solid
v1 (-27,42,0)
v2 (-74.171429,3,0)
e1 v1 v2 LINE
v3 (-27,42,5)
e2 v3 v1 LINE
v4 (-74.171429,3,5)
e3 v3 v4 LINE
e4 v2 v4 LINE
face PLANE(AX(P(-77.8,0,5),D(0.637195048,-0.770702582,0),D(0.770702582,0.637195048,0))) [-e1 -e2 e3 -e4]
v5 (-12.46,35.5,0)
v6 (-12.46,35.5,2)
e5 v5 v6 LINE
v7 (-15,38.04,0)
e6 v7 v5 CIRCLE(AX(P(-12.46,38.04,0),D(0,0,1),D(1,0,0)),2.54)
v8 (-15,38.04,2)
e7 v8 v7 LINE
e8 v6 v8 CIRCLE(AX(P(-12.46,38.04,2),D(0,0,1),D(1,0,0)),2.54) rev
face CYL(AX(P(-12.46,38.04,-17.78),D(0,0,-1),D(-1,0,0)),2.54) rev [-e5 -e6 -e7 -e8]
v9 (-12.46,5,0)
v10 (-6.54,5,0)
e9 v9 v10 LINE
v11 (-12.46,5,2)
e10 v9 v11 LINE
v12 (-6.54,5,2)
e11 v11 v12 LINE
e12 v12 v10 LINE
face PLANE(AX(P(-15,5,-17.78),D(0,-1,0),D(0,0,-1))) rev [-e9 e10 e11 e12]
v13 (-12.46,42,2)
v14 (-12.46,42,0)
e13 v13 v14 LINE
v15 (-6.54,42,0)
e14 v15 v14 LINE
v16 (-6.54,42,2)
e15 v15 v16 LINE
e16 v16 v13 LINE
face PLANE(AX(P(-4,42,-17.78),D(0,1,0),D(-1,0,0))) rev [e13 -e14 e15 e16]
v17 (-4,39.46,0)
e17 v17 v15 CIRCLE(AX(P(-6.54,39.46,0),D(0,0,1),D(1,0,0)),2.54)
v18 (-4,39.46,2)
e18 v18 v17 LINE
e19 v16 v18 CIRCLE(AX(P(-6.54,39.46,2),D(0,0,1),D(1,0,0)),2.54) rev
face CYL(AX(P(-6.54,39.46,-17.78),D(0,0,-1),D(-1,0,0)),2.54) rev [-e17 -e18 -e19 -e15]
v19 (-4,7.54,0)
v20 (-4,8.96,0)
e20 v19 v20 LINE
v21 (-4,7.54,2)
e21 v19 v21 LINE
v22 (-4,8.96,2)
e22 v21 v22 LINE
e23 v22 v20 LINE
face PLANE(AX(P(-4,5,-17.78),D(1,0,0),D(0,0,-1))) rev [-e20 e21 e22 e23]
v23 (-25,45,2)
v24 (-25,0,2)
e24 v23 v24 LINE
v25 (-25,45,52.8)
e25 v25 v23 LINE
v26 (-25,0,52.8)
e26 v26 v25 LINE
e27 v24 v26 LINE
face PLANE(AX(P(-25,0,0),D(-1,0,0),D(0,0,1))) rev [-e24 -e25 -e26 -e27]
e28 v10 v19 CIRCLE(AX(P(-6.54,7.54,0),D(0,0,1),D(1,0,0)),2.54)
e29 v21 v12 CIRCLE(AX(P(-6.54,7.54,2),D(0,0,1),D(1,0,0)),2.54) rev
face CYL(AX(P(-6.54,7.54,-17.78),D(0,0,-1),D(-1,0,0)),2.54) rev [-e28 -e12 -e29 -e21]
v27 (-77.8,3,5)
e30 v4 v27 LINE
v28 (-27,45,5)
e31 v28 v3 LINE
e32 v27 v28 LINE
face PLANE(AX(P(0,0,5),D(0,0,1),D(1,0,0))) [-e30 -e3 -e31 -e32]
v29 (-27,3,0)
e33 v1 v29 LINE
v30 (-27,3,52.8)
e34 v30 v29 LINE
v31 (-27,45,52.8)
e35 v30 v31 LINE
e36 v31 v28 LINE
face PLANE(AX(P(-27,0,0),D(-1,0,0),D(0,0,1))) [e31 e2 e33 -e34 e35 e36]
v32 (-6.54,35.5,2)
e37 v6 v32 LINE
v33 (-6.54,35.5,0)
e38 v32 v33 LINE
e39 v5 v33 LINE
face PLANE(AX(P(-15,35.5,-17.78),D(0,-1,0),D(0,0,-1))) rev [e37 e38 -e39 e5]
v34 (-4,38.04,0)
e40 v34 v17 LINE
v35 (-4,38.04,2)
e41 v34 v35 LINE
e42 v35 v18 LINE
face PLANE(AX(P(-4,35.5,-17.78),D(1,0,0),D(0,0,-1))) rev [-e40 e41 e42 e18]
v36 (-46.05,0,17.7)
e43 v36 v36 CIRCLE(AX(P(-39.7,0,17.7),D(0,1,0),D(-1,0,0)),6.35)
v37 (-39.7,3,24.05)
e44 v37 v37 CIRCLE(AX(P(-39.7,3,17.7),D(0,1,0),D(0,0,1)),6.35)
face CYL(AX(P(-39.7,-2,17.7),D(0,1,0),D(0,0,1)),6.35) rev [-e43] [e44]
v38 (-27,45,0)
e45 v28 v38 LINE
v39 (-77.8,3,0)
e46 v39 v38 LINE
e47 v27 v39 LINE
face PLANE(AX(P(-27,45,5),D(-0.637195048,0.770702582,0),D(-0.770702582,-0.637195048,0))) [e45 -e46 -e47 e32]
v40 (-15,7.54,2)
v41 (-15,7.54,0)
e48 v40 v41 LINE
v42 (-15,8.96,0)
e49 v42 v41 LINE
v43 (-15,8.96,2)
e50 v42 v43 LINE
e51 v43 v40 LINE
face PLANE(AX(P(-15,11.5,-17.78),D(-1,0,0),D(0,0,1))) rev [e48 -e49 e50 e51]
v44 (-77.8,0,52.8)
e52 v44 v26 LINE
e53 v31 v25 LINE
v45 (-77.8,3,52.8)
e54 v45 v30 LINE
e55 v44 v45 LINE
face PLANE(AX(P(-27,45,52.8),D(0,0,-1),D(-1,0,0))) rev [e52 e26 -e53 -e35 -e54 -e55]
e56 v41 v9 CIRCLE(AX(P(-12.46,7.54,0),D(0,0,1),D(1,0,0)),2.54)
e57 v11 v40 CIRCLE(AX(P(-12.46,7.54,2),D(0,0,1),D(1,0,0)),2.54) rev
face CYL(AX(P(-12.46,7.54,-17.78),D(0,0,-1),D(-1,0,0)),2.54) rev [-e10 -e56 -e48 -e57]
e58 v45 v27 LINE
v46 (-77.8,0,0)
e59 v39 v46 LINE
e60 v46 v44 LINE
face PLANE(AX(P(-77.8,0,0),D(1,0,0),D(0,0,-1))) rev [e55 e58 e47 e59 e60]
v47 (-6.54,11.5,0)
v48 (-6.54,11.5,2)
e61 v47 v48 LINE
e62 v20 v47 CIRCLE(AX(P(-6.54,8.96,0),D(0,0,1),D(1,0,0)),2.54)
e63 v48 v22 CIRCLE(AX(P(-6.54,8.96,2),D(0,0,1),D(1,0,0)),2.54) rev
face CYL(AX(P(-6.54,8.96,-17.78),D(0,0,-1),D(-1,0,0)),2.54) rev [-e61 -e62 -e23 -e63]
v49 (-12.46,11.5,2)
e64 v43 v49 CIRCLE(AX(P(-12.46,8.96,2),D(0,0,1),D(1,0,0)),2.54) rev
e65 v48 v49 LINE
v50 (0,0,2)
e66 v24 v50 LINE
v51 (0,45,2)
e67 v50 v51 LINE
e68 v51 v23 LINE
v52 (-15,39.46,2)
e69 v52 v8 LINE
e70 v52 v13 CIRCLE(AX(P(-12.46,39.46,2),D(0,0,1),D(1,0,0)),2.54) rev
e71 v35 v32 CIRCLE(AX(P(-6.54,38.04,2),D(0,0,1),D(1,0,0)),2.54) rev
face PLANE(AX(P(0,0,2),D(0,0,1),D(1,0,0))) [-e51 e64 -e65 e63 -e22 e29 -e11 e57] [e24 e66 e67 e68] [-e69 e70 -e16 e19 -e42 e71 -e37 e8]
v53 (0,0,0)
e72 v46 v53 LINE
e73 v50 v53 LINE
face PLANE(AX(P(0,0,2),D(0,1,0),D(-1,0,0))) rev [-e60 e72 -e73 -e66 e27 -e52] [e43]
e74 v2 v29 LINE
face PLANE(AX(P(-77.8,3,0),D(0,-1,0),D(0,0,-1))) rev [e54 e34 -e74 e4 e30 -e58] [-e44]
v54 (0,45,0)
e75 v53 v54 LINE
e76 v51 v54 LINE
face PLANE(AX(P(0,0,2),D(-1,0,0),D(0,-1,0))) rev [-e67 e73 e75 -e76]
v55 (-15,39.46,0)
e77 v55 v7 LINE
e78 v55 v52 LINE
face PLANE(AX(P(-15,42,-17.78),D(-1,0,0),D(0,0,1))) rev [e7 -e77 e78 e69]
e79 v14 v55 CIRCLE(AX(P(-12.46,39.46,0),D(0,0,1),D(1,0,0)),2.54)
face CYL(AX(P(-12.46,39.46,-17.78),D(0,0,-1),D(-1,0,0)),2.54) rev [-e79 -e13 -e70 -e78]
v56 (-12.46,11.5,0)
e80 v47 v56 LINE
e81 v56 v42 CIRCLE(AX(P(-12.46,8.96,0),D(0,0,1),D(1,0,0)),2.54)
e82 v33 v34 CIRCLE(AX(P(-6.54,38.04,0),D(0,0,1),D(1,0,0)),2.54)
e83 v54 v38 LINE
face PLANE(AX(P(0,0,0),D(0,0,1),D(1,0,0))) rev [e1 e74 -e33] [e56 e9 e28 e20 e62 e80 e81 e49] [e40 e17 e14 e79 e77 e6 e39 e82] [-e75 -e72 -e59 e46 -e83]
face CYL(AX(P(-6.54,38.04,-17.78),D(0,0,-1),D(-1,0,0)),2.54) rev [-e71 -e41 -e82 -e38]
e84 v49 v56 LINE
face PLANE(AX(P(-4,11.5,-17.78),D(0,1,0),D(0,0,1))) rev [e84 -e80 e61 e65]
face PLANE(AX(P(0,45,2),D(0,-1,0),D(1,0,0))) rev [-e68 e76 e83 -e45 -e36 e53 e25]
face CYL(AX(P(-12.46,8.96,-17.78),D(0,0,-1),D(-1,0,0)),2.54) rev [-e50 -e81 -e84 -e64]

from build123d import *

# Parameters (mm, degrees)
SKETCH1_W           = 25
SKETCH1_H           = 45
BOSS_EXTRUDE1_DEPTH = 2
SKETCH2_W           = 11
SKETCH2_H           = 6.5
CUT_EXTRUDE1_DEPTH  = 19.78
FILLET1_R           = 2.54
BOSS_EXTRUDE5_DEPTH = 2
SKETCH10_W          = 52.8
SKETCH10_H          = 3
BOSS_EXTRUDE6_DEPTH = 50.8
BOSS_EXTRUDE7_DEPTH = 5
SKETCH12_R          = 6.35
CUT_EXTRUDE4_DEPTH  = 5


with BuildPart() as part:
    # Sketch1 → Boss-Extrude1 (new body)
    with BuildSketch(Plane.XY):
        with Locations((-12.5, 22.5)):
            Rectangle(SKETCH1_W, SKETCH1_H)
    extrude(amount=BOSS_EXTRUDE1_DEPTH)

    # Sketch2 → Cut-Extrude1 (cut)
    with BuildSketch(Plane.XY.offset(2)):
        with Locations((-9.5, 8.25)):
            Rectangle(SKETCH2_W, SKETCH2_H)
        with Locations((-9.5, 38.75)):
            Rectangle(SKETCH2_W, SKETCH2_H)
    extrude(amount=-CUT_EXTRUDE1_DEPTH, mode=Mode.SUBTRACT)

    # Fillet1
    fillet1_edges = [part.edges().sort_by_distance(p)[0] for p in [
        (-15, 11.5, 1),
        (-4, 11.5, 1),
        (-4, 5, 1),
        (-15, 5, 1),
        (-15, 42, 1),
        (-4, 42, 1),
        (-4, 35.5, 1),
        (-15, 35.5, 1),
    ]]
    fillet(fillet1_edges, radius=FILLET1_R)

    # Sketch9 → Boss-Extrude5 (add)
    with BuildSketch(Plane.ZY.offset(25)):
        Polygon((0, 45), (2, 45), (52.8, 45), (52.8, 0), (2, 0), (0, 0), align=None)
    extrude(amount=BOSS_EXTRUDE5_DEPTH)

    # Sketch10 → Boss-Extrude6 (add)
    with BuildSketch(Plane.ZY.offset(27)):
        with Locations((26.4, 1.5)):
            Rectangle(SKETCH10_W, SKETCH10_H)
    extrude(amount=BOSS_EXTRUDE6_DEPTH)

    # Sketch11 → Boss-Extrude7 (add)
    with BuildSketch(Plane(origin=(0, 0, 0), x_dir=(-1, 0, 0), z_dir=(0, 0, -1))):
        Polygon((27, 45), (77.8, 3), (77.8, 0), (27, 42), align=None)
    extrude(amount=-BOSS_EXTRUDE7_DEPTH)

    # Sketch12 → Cut-Extrude4 (cut)
    with BuildSketch(Plane(origin=(0, 3, 0), x_dir=(1, 0, 0), z_dir=(0, 1, 0))):
        with Locations(Location((-39.7, -17.7, 0), (0, 0, 270))):
            Circle(SKETCH12_R)
    extrude(amount=-CUT_EXTRUDE4_DEPTH, mode=Mode.SUBTRACT)


solid = part.part
